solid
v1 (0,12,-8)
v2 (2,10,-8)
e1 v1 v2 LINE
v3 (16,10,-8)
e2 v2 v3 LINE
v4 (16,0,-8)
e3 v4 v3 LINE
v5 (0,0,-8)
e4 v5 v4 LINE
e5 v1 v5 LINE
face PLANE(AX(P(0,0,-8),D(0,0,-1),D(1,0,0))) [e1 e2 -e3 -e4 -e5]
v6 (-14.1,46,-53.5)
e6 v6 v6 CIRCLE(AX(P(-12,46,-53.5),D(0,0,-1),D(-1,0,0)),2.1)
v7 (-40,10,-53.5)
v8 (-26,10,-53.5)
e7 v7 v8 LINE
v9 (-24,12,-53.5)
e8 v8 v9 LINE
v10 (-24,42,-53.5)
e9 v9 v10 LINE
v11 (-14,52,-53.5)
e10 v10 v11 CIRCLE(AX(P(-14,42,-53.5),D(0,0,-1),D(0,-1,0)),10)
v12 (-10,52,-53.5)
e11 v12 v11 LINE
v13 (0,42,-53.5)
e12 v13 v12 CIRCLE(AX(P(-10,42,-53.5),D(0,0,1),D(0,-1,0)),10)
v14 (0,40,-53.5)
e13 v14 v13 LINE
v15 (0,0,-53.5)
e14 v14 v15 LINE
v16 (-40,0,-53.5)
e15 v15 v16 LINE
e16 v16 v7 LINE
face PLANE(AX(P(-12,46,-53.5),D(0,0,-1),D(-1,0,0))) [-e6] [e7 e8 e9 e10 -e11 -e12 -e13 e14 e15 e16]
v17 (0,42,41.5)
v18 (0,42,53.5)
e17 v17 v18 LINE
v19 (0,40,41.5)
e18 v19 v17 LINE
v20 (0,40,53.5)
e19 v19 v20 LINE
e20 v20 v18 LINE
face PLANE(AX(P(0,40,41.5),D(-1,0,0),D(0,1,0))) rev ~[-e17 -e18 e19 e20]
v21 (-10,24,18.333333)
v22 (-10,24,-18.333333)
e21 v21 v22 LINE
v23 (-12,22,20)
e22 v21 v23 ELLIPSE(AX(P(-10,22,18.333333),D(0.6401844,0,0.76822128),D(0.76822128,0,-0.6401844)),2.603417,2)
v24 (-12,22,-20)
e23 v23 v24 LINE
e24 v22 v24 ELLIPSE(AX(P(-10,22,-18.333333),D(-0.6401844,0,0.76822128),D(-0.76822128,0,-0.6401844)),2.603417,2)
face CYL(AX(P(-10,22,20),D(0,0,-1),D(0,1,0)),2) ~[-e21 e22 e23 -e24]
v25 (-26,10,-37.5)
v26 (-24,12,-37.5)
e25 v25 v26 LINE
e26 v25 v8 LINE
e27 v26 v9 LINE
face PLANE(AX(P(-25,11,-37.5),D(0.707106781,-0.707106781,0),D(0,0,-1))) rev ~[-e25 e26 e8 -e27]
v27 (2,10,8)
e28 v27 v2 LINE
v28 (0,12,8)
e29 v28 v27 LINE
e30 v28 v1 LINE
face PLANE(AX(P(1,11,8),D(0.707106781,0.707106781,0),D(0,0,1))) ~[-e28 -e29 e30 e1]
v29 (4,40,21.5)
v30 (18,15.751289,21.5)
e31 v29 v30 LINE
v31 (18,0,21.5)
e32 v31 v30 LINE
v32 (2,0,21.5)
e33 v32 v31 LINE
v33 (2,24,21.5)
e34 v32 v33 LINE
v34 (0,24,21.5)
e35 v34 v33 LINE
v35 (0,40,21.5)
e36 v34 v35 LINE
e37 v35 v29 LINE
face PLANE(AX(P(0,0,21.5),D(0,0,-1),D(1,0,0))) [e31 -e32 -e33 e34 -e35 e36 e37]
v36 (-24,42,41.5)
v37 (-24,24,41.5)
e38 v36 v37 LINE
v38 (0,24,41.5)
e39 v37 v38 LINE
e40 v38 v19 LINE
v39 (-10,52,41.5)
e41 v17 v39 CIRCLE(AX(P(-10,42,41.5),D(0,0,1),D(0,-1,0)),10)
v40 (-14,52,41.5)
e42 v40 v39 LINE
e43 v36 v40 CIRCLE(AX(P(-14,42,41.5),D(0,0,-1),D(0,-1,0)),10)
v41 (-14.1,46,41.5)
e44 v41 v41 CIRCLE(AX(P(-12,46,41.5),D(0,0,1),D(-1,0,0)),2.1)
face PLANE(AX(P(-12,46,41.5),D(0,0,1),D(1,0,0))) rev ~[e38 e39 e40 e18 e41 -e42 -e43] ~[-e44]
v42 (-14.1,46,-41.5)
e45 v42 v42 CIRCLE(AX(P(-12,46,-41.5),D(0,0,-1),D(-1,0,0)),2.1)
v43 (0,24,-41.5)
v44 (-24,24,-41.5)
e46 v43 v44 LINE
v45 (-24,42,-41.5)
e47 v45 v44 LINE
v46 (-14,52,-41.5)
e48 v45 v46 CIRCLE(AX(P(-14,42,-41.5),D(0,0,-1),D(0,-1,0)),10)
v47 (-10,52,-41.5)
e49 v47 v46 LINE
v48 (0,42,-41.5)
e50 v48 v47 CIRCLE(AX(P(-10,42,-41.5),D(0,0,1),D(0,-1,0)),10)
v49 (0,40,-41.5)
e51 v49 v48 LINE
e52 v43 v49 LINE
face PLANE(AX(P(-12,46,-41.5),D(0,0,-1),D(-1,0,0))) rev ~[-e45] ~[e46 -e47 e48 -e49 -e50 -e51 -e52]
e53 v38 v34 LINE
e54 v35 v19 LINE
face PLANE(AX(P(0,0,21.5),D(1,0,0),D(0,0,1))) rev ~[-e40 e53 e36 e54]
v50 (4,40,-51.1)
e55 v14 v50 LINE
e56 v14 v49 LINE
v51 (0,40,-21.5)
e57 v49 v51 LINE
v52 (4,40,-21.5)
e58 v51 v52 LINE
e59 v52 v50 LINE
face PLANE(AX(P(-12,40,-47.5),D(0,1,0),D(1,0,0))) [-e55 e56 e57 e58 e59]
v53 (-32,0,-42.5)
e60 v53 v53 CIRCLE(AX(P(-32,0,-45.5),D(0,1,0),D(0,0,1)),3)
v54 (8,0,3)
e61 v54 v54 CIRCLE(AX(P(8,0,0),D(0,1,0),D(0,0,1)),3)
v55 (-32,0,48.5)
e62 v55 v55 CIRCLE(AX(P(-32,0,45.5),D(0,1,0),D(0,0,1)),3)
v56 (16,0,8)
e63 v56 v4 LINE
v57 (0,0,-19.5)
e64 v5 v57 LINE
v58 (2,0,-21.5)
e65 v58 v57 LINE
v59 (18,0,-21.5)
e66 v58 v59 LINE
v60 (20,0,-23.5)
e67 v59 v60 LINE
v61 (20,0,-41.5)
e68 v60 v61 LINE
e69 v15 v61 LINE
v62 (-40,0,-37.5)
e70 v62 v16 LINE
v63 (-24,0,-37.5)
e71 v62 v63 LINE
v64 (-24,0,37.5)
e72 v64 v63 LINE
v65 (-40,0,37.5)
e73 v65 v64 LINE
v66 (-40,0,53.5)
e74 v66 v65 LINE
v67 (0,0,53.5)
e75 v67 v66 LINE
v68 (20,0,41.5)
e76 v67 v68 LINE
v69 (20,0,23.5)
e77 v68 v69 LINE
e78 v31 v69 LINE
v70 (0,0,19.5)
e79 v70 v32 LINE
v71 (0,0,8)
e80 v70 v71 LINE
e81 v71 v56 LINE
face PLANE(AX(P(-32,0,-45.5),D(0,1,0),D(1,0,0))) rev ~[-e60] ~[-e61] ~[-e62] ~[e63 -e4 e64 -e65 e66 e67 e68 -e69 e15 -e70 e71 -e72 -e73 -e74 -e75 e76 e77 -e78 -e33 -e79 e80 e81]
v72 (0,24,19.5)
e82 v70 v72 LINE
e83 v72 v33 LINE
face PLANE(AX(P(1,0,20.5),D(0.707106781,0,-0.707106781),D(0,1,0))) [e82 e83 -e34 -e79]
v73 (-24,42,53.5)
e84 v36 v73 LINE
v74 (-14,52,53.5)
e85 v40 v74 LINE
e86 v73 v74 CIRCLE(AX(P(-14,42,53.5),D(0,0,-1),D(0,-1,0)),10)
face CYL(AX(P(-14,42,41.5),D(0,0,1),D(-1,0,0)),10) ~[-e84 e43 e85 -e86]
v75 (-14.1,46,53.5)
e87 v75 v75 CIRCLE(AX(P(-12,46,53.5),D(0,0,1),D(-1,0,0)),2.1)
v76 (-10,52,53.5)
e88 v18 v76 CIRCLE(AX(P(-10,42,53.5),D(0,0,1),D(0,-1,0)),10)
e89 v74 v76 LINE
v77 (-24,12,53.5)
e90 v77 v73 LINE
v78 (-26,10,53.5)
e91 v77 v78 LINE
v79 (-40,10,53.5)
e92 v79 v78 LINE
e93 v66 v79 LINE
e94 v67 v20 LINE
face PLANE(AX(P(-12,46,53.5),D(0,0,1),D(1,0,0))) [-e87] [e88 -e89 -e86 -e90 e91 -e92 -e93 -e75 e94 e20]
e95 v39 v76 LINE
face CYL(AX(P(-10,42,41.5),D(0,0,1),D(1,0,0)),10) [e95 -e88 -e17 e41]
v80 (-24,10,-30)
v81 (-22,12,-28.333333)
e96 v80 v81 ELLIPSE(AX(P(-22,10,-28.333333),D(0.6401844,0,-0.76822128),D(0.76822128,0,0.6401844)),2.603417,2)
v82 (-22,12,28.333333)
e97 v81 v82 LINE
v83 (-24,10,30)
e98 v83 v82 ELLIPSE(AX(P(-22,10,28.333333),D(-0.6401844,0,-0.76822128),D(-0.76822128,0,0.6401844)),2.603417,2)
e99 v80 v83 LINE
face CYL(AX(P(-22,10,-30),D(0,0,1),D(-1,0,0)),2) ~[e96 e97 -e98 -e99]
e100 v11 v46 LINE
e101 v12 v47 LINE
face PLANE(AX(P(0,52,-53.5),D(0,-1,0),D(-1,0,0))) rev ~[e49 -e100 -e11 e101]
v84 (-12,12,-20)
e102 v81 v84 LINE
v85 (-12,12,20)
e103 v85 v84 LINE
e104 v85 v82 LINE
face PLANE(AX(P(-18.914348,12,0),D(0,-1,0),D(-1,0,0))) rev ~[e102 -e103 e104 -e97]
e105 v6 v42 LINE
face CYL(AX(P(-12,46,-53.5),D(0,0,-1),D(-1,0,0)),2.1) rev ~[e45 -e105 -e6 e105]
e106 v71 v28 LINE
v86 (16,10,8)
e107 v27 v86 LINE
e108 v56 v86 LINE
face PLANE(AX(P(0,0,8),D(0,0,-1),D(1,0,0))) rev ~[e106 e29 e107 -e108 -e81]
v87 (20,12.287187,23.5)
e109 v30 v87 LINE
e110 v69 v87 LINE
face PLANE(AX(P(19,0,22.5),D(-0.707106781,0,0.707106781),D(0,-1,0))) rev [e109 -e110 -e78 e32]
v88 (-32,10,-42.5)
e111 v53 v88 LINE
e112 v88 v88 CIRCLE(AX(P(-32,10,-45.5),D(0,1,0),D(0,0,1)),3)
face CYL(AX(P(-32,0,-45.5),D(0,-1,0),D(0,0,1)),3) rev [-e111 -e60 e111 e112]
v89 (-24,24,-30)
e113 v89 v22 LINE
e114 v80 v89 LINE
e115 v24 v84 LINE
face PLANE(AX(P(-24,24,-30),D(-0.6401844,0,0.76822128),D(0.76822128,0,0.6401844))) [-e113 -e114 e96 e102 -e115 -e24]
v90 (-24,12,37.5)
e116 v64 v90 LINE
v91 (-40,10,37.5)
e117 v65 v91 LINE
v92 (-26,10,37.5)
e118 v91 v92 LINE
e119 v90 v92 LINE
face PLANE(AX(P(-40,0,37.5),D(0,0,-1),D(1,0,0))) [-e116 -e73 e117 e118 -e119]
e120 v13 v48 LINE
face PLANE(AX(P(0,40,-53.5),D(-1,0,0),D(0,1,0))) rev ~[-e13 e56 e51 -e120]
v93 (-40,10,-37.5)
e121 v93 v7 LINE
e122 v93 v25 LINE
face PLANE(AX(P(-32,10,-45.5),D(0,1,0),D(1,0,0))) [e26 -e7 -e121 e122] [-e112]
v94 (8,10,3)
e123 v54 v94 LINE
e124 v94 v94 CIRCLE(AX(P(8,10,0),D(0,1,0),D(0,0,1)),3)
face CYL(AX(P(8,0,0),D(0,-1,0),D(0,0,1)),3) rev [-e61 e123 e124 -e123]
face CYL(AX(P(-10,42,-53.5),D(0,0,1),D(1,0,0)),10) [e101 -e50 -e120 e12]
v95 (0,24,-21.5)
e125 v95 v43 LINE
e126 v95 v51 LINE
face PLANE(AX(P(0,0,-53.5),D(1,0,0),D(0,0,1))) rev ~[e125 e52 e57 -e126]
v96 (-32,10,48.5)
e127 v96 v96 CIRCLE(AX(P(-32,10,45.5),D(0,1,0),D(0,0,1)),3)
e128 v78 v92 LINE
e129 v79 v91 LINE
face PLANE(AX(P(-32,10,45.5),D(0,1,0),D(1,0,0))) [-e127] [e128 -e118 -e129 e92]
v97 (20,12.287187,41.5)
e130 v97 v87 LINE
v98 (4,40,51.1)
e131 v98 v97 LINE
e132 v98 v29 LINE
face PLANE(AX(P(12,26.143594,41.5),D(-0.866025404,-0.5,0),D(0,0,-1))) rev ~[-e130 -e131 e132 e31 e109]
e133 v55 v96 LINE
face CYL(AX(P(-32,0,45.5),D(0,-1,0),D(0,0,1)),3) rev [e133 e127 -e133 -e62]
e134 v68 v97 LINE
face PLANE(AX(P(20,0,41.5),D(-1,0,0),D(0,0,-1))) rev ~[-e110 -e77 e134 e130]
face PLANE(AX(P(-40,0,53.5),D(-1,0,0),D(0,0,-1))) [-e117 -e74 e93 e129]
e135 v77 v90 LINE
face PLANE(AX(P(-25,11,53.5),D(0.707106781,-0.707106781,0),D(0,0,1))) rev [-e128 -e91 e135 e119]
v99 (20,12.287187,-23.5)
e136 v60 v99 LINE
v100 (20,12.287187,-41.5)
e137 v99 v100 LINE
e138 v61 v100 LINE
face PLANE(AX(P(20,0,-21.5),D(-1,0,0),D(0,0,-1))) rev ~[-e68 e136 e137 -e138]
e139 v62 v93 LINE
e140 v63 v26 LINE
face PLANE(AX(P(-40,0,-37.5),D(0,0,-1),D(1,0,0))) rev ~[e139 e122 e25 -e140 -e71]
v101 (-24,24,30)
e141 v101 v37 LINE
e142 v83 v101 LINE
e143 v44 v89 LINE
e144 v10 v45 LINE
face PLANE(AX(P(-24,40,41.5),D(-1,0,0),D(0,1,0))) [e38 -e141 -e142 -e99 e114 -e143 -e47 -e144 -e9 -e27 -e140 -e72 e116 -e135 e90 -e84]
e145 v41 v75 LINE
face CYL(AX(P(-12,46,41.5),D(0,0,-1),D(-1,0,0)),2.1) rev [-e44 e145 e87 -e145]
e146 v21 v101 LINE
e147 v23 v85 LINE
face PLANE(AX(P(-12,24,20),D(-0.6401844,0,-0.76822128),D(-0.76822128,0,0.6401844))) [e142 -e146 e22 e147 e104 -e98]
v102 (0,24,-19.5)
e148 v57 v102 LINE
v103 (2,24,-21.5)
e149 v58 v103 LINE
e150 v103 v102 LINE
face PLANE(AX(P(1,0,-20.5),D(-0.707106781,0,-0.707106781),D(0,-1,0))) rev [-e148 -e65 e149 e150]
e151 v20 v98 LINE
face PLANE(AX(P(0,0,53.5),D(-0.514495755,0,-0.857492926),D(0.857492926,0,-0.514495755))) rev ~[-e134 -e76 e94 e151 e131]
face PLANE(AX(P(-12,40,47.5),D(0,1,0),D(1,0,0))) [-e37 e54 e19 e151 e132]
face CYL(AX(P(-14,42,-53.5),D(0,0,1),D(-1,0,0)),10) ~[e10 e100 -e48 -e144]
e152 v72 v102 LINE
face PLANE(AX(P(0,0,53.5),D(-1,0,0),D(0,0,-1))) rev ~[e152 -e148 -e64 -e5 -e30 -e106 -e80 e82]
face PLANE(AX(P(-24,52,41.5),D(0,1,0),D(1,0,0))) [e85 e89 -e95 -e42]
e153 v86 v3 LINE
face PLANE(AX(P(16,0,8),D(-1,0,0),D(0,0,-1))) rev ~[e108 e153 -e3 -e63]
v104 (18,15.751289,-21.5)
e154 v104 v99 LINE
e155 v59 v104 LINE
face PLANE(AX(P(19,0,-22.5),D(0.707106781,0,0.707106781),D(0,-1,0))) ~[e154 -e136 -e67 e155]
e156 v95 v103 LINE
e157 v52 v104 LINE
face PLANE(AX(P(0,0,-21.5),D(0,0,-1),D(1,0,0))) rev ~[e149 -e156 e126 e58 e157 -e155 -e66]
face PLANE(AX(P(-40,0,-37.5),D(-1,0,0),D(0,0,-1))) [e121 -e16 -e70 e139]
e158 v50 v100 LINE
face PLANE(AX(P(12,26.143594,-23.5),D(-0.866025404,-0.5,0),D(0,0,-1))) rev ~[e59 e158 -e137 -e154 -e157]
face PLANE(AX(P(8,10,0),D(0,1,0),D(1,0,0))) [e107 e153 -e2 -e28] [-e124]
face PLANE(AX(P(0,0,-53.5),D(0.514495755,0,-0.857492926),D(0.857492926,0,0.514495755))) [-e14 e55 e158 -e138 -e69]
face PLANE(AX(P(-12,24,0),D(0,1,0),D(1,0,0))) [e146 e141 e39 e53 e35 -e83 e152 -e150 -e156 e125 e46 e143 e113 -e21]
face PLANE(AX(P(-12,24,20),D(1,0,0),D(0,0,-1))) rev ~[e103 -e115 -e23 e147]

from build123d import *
from OCP.BRepFilletAPI import BRepFilletAPI_MakeChamfer

# Parameters (mm, degrees)
SKETCH_1_W          = 24
SKETCH_1_H          = 107
EXTRUDE_1_DEPTH     = 15
EXTRUDE_2_DEPTH     = 9
SKETCH_3_W          = 20
SKETCH_3_H          = 20
EXTRUDE_4_DEPTH     = 40
SKETCH_4_W          = 24
SKETCH_4_H          = 12
EXTRUDE_6_DEPTH     = 25
CHAMFER_2_SIZE      = 2
SKETCH_5_W          = 16
SKETCH_5_H          = 16
SKETCH_5_R          = 3
EXTRUDE_7_DEPTH     = 10
CHAMFER_3_SIZE      = 2
SKETCH_6_W          = 24
SKETCH_6_H          = 12
SKETCH_6_R          = 2.1
EXTRUDE_8_DEPTH     = 12
EXTRUDE_START       = -12
SKETCH_7_W          = 24
SKETCH_7_H          = 12
SKETCH_7_R          = 2.1
EXTRUDE_9_DEPTH     = 12
FILLET_1_R          = 10
CHAMFER_4_SIZE      = 16
CHAMFER_4_SIZE2     = 27.712812921
CUT_EXTRUDE_1_DEPTH = 12
FILLET_2_R          = 2


with BuildPart() as part:
    # Эскиз1 → Бобышка-Вытянуть1 (new body)
    with BuildSketch(Plane(origin=(0, 0, 0), x_dir=(1, 0, 0), z_dir=(0, 1, 0))):
        with Locations((-12, 0)):
            Rectangle(SKETCH_1_W, SKETCH_1_H)
    extrude(amount=EXTRUDE_1_DEPTH)

    # Эскиз2 → Бобышка-Вытянуть2 (add)
    with BuildSketch(Plane(origin=(0, 15, 0), x_dir=(1, 0, 0), z_dir=(0, 1, 0))):
        Polygon((0, 0), (0, 41.5), (-24, 41.5), (-24, -41.5), (0, -41.5), align=None)
    extrude(amount=EXTRUDE_2_DEPTH)

    # Эскиз3 → Бобышка-Вытянуть4 (add)
    with BuildSketch(Plane(origin=(0, 0, 0), x_dir=(1, 0, 0), z_dir=(0, 1, 0))):
        Polygon((0, 53.5), (20, 41.5), (0, 41.5), align=None)
        with Locations((10, 31.5)):
            Rectangle(SKETCH_3_W, SKETCH_3_H)
        with Locations((10, -31.5)):
            Rectangle(SKETCH_3_W, SKETCH_3_H)
        Polygon((0, -41.5), (0, -53.5), (20, -41.5), align=None)
    extrude(amount=EXTRUDE_4_DEPTH)

    # Эскиз4 → Бобышка-Вытянуть6 (add)
    with BuildSketch(Plane(origin=(0, 15, 0), x_dir=(1, 0, 0), z_dir=(0, 1, 0))):
        with Locations((-12, 47.5)):
            Rectangle(SKETCH_4_W, SKETCH_4_H)
        with Locations((-12, -47.5)):
            Rectangle(SKETCH_4_W, SKETCH_4_H)
    extrude(amount=EXTRUDE_6_DEPTH)

    # Фаска2
    chamfer_2_edges = [part.edges().sort_by_distance(p)[0] for p in [
        (0, 12, -21.5),
        (20, 20, -21.5),
        (0, 12, 21.5),
        (20, 20, 21.5),
    ]]
    chamfer(chamfer_2_edges, length=CHAMFER_2_SIZE)

    # Эскиз5 → Бобышка-Вытянуть7 (add)
    # profile 1 of 3: a face of its own
    with BuildSketch(Plane(origin=(0, 0, 0), x_dir=(1, 0, 0), z_dir=(0, 1, 0))):
        with Locations((-32, 45.5)):
            Rectangle(SKETCH_5_W, SKETCH_5_H)
        with Locations(Location((-32, 45.5, 0), (0, 0, 270))):
            Circle(SKETCH_5_R, mode=Mode.SUBTRACT)
    # profile 2 of 3: a face of its own
    with BuildSketch(Plane(origin=(0, 0, 0), x_dir=(1, 0, 0), z_dir=(0, 1, 0))):
        with Locations((-32, -45.5)):
            Rectangle(SKETCH_5_W, SKETCH_5_H)
        with Locations(Location((-32, -45.5, 0), (0, 0, 270))):
            Circle(SKETCH_5_R, mode=Mode.SUBTRACT)
    # profile 3 of 3: a face of its own
    with BuildSketch(Plane(origin=(0, 0, 0), x_dir=(1, 0, 0), z_dir=(0, 1, 0))):
        with Locations((8, 0)):
            Rectangle(SKETCH_5_W, SKETCH_5_H)
        with Locations(Location((8, 0, 0), (0, 0, 270))):
            Circle(SKETCH_5_R, mode=Mode.SUBTRACT)
    extrude(amount=EXTRUDE_7_DEPTH)

    # Фаска3
    chamfer_3_edges = [part.edges().sort_by_distance(p)[0] for p in [
        (-24, 10, -45.5),
        (-24, 10, 45.5),
        (0, 10, 0),
    ]]
    chamfer(chamfer_3_edges, length=CHAMFER_3_SIZE)

    # Эскиз6 → Бобышка-Вытянуть8 (add)
    with BuildSketch(Plane(origin=(0, 0, -53.5), x_dir=(-1, 0, 0), z_dir=(0, 0, -1))):
        with Locations((12, 46)):
            Rectangle(SKETCH_6_W, SKETCH_6_H)
        with Locations((12, 46)):
            Circle(SKETCH_6_R, mode=Mode.SUBTRACT)
    extrude(amount=-EXTRUDE_8_DEPTH)

    # Эскиз7 → Бобышка-Вытянуть9 (add)
    with BuildSketch(Plane.XY.offset(53.5).offset(EXTRUDE_START)):
        with Locations((-12, 46)):
            Rectangle(SKETCH_7_W, SKETCH_7_H)
        with Locations(Location((-12, 46, 0), (0, 0, 180))):
            Circle(SKETCH_7_R, mode=Mode.SUBTRACT)
    extrude(amount=EXTRUDE_9_DEPTH)

    # Скругление1
    fillet_1_edges = [part.edges().sort_by_distance(p)[0] for p in [
        (0, 52, -47.5),
        (-24, 52, -47.5),
        (-24, 52, 47.5),
        (0, 52, 47.5),
    ]]
    fillet(fillet_1_edges, radius=FILLET_1_R)

    # Фаска4: one chamfer whose edges measure the first distance from different faces: ONE call of the kernel's chamfer builder (chamfer() names one face for all edges)
    chamfer_4_edges_1 = [part.edges().sort_by_distance(p)[0] for p in [
        (20, 40, 32.5),
    ]]
    chamfer_4_side_1 = [part.faces().sort_by_distance(p)[0] for p in [
        (9.191763192, 40, 34.779279279),
    ]]
    chamfer_4_edges_2 = [part.edges().sort_by_distance(p)[0] for p in [
        (20, 40, -32.5),
    ]]
    chamfer_4_side_2 = [part.faces().sort_by_distance(p)[0] for p in [
        (9.191763192, 40, -34.779279279),
    ]]
    chamfer_4 = BRepFilletAPI_MakeChamfer(part.part.solid().wrapped)
    for e in chamfer_4_edges_1:
        chamfer_4.Add(CHAMFER_4_SIZE, CHAMFER_4_SIZE2, e.wrapped, chamfer_4_side_1[0].wrapped)  # the first distance lies on this face
    for e in chamfer_4_edges_2:
        chamfer_4.Add(CHAMFER_4_SIZE, CHAMFER_4_SIZE2, e.wrapped, chamfer_4_side_2[0].wrapped)  # the first distance lies on this face
    add(Compound.cast(chamfer_4.Shape()), mode=Mode.REPLACE)

    # Эскиз8 → Вырез-Вытянуть1 (cut)
    with BuildSketch(Plane(origin=(0, 24, 0), x_dir=(1, 0, 0), z_dir=(0, 1, 0))):
        Polygon((-24, 0), (-24, 30), (-12, 20), (-12, 0), (-12, -20), (-24, -30), align=None)
    extrude(amount=-CUT_EXTRUDE_1_DEPTH, mode=Mode.SUBTRACT)

    # Скругление2
    fillet_2_edges = [part.edges().sort_by_distance(p)[0] for p in [
        (-24, 12, 0),
        (-12, 24, 0),
    ]]
    fillet(fillet_2_edges, radius=FILLET_2_R)


solid = part.part
